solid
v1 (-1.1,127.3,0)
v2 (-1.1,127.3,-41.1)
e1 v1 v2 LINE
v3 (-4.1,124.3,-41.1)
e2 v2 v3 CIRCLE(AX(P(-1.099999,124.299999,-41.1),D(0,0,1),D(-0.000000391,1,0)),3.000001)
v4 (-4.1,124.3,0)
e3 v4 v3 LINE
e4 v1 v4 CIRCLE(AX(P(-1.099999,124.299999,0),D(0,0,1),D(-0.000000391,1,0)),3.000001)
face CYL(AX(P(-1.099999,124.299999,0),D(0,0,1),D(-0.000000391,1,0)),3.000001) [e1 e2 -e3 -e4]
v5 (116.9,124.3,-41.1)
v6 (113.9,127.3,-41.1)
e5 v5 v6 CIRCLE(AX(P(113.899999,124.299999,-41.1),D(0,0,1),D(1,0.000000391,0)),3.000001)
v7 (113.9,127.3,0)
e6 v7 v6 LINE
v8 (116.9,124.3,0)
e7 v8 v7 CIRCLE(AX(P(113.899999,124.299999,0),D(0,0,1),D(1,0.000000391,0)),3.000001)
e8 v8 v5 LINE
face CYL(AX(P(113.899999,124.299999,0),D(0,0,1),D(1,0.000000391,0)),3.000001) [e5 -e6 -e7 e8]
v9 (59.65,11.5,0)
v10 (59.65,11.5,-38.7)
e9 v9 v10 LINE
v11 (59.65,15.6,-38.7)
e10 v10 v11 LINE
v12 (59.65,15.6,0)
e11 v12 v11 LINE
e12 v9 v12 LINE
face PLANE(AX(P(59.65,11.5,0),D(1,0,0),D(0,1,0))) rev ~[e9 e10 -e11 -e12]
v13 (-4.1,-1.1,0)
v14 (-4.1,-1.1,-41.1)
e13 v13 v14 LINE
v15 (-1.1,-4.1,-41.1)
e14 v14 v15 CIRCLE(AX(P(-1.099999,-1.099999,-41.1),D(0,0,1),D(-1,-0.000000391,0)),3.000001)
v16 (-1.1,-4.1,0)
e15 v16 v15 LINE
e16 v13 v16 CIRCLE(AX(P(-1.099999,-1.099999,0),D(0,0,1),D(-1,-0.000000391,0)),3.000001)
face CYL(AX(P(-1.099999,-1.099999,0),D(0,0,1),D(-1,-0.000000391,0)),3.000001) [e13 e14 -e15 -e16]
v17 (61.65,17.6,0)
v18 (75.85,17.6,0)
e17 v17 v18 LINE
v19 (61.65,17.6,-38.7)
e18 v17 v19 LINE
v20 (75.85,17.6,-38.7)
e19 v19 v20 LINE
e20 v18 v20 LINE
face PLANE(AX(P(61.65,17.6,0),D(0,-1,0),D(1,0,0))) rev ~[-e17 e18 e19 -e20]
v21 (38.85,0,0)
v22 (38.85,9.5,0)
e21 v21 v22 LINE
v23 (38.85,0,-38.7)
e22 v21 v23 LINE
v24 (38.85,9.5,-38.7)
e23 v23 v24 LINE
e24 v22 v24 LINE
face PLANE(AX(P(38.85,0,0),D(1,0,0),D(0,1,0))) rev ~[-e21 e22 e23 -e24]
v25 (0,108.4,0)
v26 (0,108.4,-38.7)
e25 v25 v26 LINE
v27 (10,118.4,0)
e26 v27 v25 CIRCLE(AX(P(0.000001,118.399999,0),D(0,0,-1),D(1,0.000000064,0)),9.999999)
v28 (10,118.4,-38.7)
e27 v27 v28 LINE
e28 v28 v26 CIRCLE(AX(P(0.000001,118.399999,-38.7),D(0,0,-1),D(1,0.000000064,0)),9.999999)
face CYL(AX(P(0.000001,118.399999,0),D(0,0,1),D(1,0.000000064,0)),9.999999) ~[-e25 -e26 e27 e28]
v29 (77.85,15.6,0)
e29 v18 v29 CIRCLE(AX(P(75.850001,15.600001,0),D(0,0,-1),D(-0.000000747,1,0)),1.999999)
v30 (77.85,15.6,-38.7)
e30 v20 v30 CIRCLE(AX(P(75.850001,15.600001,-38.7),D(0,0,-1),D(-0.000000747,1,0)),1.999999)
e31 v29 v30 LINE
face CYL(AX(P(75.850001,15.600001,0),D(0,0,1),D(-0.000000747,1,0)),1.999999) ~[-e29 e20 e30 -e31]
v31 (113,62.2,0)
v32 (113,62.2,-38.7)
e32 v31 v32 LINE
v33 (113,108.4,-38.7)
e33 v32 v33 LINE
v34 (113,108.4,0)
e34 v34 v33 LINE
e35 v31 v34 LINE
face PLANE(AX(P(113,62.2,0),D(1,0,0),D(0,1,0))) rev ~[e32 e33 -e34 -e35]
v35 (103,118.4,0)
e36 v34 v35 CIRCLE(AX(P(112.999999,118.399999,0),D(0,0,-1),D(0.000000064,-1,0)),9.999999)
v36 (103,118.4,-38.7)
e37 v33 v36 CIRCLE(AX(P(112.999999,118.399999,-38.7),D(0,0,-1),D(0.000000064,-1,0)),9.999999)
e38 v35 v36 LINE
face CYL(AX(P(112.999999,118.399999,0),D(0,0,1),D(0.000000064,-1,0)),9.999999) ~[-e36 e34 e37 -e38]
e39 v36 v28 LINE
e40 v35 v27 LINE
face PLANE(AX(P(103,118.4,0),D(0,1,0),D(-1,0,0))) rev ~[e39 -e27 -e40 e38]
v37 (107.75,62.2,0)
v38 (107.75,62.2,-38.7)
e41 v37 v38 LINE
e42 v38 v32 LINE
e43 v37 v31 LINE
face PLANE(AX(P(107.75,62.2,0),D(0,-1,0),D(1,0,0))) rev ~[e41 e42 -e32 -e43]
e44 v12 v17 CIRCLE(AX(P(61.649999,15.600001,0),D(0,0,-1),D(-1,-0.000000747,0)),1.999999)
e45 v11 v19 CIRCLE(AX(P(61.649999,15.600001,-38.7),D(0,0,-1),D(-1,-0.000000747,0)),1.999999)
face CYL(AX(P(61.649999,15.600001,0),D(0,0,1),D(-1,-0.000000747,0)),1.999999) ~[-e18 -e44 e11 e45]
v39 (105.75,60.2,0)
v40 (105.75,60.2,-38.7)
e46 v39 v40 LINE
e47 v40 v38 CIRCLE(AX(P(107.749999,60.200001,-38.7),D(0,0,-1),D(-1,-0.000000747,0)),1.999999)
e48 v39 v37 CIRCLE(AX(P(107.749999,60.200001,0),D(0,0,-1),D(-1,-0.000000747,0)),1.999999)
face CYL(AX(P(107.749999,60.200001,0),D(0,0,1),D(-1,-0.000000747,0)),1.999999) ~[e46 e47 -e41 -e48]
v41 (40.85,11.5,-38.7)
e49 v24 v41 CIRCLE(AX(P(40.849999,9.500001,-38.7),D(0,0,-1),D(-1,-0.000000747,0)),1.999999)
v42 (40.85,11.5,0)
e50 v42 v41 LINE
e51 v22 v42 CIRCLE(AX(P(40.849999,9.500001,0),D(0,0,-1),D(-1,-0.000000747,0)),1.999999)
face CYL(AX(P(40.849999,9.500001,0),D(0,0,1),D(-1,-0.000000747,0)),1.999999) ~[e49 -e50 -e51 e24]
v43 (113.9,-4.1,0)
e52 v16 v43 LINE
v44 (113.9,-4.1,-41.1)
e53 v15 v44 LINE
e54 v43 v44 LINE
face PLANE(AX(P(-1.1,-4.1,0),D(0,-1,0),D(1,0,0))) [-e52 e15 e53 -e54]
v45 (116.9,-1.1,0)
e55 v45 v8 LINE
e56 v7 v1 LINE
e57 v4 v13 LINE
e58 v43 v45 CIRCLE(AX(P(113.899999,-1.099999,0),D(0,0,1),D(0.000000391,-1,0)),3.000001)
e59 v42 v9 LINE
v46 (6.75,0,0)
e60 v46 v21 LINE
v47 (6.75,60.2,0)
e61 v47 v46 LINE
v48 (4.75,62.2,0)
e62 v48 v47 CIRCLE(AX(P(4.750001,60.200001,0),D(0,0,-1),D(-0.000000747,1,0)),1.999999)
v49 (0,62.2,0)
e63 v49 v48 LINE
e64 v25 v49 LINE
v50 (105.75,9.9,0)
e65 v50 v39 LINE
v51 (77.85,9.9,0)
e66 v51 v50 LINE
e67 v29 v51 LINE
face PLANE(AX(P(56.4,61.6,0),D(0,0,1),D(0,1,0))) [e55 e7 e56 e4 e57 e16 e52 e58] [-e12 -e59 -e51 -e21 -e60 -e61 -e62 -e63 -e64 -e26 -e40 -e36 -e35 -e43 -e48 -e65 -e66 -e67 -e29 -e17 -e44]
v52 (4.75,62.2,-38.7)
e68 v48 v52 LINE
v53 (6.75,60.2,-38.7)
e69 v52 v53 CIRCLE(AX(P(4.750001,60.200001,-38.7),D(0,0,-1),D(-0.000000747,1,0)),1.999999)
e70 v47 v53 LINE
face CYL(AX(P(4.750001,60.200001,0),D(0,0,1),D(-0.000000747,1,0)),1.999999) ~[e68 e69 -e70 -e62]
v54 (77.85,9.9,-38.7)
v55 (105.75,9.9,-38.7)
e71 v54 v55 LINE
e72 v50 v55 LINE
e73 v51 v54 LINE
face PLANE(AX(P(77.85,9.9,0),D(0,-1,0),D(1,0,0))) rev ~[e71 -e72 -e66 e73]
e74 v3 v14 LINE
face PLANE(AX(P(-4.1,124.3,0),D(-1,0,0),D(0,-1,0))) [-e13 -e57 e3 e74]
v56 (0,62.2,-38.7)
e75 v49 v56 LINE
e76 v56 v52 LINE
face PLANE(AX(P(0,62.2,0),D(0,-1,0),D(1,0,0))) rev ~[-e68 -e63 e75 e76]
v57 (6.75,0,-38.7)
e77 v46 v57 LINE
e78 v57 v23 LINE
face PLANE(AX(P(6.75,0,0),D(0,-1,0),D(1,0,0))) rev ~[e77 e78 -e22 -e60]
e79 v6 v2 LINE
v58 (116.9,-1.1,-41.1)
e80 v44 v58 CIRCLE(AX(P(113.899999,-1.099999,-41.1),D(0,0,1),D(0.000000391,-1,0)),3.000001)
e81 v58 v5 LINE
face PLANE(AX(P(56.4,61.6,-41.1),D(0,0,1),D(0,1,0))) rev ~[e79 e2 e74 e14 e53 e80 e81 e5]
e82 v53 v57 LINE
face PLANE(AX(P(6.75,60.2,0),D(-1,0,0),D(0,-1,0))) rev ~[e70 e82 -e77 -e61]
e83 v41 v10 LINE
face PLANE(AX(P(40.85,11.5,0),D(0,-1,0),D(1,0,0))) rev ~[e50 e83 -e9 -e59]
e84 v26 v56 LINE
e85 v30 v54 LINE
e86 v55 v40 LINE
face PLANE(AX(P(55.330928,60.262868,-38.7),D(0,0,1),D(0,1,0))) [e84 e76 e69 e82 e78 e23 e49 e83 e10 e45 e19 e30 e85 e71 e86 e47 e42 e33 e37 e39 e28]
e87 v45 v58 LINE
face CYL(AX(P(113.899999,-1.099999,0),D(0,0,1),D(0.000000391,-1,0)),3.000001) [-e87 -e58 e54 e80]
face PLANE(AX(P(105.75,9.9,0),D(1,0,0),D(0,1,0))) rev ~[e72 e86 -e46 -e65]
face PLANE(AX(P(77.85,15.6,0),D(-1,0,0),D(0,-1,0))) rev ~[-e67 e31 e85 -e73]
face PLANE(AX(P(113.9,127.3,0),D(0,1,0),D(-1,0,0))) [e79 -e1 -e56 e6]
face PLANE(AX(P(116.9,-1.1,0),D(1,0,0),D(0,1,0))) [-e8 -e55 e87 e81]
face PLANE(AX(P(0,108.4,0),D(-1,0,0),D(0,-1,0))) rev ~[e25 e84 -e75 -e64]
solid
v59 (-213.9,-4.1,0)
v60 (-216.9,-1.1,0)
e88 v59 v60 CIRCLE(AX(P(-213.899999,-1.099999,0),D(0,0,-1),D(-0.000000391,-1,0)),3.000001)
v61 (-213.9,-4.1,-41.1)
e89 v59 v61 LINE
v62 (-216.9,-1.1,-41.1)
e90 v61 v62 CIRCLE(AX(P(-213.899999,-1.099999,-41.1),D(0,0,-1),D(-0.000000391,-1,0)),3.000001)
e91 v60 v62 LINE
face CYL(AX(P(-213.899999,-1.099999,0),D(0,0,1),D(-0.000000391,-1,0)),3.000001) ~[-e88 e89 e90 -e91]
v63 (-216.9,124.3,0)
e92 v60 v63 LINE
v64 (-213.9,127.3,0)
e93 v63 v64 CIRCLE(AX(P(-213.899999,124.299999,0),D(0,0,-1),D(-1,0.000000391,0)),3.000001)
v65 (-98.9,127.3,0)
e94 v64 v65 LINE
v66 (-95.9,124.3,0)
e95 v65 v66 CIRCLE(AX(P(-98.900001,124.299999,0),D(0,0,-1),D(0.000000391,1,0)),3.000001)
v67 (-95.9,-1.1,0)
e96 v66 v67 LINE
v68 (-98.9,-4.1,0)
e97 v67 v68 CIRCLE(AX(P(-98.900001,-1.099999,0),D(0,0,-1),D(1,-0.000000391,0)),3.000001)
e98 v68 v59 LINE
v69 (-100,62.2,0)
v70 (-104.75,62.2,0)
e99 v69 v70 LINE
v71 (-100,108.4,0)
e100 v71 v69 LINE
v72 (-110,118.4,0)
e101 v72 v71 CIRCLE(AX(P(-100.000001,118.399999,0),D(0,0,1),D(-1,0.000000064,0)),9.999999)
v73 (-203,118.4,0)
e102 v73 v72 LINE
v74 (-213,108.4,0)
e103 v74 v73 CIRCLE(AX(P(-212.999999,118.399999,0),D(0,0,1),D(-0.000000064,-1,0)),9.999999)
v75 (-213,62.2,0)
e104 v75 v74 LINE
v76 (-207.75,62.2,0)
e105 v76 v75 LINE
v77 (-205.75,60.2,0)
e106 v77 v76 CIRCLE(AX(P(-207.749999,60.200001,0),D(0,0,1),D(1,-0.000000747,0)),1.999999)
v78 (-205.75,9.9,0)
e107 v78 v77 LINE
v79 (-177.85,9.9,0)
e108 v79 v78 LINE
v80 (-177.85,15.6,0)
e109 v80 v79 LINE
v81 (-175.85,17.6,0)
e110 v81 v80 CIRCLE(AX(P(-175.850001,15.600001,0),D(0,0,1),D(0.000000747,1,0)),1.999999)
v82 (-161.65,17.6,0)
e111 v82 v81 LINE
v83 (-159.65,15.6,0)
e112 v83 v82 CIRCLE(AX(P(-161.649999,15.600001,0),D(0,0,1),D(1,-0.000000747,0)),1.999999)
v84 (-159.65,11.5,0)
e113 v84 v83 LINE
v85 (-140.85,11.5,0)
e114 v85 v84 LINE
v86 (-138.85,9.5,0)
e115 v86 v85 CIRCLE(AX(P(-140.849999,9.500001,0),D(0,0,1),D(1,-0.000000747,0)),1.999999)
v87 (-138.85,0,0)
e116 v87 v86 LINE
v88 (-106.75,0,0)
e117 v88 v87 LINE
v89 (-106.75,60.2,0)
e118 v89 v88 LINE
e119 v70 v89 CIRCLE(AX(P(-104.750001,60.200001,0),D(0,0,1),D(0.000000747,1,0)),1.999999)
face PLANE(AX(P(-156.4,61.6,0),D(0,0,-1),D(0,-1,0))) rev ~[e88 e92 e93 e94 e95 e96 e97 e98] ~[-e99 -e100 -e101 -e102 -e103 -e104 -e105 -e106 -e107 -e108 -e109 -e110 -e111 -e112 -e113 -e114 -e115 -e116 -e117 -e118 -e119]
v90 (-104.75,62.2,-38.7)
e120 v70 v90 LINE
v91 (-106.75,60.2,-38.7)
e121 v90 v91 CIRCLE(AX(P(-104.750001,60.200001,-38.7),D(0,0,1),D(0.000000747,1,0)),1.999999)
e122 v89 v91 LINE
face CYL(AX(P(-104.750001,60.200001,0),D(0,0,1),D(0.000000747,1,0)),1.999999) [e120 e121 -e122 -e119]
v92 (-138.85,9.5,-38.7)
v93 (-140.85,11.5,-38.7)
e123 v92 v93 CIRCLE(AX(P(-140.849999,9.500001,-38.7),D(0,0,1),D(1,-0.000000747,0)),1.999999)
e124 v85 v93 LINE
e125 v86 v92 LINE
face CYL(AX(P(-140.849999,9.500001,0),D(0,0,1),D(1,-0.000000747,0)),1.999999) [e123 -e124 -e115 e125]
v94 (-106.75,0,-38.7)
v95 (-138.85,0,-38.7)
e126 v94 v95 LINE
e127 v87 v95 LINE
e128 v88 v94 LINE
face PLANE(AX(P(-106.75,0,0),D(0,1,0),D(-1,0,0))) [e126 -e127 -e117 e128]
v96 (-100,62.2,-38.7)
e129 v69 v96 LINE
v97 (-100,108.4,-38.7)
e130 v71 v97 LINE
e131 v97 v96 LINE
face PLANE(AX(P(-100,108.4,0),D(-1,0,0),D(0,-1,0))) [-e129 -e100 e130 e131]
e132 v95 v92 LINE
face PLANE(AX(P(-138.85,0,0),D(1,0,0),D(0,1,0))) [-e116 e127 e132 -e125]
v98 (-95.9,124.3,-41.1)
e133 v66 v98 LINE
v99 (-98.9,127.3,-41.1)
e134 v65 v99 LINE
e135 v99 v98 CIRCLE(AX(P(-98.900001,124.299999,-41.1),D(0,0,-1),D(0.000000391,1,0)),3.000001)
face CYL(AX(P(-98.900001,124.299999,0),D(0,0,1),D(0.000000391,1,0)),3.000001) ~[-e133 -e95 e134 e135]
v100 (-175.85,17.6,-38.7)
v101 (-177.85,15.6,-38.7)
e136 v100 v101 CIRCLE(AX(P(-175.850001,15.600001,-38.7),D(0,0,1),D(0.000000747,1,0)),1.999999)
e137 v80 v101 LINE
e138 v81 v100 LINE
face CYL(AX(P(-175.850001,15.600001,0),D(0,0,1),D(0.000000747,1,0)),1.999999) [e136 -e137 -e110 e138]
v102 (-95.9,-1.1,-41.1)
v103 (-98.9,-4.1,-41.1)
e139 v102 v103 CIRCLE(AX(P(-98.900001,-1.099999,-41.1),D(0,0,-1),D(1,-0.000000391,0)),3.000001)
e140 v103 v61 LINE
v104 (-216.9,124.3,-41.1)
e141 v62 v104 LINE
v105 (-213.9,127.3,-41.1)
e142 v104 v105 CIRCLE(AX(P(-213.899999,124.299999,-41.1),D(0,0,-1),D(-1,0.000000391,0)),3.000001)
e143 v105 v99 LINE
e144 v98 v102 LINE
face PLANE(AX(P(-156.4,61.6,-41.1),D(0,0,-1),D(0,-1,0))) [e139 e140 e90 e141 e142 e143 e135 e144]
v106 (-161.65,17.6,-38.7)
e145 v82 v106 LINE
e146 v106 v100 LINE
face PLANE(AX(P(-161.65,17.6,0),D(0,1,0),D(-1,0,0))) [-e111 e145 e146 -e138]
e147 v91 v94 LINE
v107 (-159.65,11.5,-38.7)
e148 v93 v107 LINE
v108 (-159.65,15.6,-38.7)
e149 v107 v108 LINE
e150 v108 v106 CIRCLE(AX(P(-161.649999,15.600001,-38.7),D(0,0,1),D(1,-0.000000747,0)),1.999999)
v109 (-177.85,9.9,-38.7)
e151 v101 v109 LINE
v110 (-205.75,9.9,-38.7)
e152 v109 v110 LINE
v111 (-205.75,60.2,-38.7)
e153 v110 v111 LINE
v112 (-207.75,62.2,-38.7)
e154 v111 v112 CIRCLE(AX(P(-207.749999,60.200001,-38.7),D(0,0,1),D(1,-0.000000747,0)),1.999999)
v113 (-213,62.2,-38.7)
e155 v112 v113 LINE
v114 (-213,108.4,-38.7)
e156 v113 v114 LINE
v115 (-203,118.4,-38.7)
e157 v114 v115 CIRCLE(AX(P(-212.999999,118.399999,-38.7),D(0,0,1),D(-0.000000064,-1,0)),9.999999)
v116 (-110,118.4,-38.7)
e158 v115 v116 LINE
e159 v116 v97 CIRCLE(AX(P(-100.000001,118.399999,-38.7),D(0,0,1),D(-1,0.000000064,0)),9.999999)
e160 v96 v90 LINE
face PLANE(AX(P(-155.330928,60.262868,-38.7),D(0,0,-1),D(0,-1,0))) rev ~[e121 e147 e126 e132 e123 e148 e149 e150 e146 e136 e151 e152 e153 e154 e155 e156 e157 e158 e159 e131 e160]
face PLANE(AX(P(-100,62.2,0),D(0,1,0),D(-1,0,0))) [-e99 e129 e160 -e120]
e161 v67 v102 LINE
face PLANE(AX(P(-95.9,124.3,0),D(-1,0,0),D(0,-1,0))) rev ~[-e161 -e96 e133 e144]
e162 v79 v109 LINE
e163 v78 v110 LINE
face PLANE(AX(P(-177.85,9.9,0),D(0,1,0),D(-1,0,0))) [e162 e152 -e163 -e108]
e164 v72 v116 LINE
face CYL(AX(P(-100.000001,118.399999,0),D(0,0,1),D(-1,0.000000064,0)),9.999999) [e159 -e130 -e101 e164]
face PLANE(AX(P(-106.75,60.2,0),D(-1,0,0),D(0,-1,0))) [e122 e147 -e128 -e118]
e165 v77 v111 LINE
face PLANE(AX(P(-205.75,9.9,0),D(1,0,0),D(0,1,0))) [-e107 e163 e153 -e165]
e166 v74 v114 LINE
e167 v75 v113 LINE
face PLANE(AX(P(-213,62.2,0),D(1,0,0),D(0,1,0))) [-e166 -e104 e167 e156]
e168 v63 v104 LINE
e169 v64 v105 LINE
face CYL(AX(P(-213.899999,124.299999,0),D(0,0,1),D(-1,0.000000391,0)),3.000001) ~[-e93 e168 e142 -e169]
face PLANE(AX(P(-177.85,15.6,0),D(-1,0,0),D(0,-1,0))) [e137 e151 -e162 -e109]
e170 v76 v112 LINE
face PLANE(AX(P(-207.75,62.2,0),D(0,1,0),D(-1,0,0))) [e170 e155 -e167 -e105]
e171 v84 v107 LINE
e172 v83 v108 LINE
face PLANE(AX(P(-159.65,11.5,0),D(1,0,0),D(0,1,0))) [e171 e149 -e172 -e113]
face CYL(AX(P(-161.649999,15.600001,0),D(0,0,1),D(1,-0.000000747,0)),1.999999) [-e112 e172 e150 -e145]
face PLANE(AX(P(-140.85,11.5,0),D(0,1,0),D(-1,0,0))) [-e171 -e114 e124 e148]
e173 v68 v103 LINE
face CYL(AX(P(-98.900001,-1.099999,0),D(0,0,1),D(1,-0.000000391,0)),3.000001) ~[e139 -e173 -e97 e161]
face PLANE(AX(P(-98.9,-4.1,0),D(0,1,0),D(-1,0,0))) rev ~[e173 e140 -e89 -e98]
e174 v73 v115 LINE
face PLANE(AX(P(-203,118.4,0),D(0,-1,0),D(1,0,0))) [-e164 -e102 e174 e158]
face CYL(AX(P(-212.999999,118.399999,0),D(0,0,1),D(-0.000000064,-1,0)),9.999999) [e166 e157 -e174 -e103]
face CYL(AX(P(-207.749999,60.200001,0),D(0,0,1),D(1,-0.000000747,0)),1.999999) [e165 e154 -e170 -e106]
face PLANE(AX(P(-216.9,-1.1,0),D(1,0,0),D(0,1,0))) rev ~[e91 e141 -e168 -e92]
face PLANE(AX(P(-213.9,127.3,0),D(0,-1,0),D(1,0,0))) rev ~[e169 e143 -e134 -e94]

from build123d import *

# Parameters (mm, degrees)
PAD_DEPTH       = 41.1
POCKET_DEPTH    = 38.7
PAD001_DEPTH    = 41.1
POCKET001_DEPTH = 38.7


with BuildPart() as right_part:
    # Binder → Pad (new body)
    with BuildSketch(Plane(origin=(56.4, 61.6, 0), x_dir=(0, 1, 0), z_dir=(0, 0, 1))):
        with BuildLine():
            Line((62.7, 60.5), (-62.7, 60.5))
            ThreePointArc((-62.7, 60.5), (-64.82132, 59.62132), (-65.7, 57.5))
            Line((-65.7, 57.5), (-65.7, -57.5))
            ThreePointArc((-65.7, -57.5), (-64.82132, -59.62132), (-62.7, -60.5))
            Line((-62.7, -60.5), (62.7, -60.5))
            ThreePointArc((62.7, -60.5), (64.82132, -59.62132), (65.7, -57.5))
            Line((65.7, -57.5), (65.7, 57.5))
            ThreePointArc((65.7, 57.5), (64.82132, 59.62132), (62.7, 60.5))
        make_face()
    extrude(amount=-PAD_DEPTH)

    # Binder001 → Pocket (cut)
    with BuildSketch(Plane(origin=(56.5, 59.2, 0), x_dir=(0, 1, 0), z_dir=(0, 0, 1))):
        with BuildLine():
            Line((49.2, 56.5), (3, 56.5))
            Line((3, 56.5), (3, 51.75))
            ThreePointArc((3, 51.75), (2.414214, 50.335786), (1, 49.75))
            Line((1, 49.75), (-59.2, 49.75))
            Line((-59.2, 49.75), (-59.2, 17.65))
            Line((-59.2, 17.65), (-49.7, 17.65))
            ThreePointArc((-49.7, 17.65), (-48.285786, 17.064214), (-47.7, 15.65))
            Line((-47.7, 15.65), (-47.7, -3.15))
            Line((-47.7, -3.15), (-43.6, -3.15))
            ThreePointArc((-43.6, -3.15), (-42.185786, -3.735786), (-41.6, -5.15))
            Line((-41.6, -5.15), (-41.6, -19.35))
            ThreePointArc((-41.6, -19.35), (-42.185786, -20.764214), (-43.6, -21.35))
            Line((-43.6, -21.35), (-49.3, -21.35))
            Line((-49.3, -21.35), (-49.3, -49.25))
            Line((-49.3, -49.25), (1, -49.25))
            ThreePointArc((1, -49.25), (2.414214, -49.835786), (3, -51.25))
            Line((3, -51.25), (3, -56.5))
            Line((3, -56.5), (49.2, -56.5))
            ThreePointArc((49.2, -56.5), (52.128932, -49.428932), (59.2, -46.5))
            Line((59.2, -46.5), (59.2, 46.5))
            ThreePointArc((59.2, 46.5), (52.128932, 49.428932), (49.2, 56.5))
        make_face()
    extrude(amount=-POCKET_DEPTH, mode=Mode.SUBTRACT)


with BuildPart() as left_part:
    # Binder002 → Pad001 (new body)
    with BuildSketch(Plane(origin=(-156.4, 61.6, 0), x_dir=(0, 1, 0), z_dir=(0, 0, 1))):
        with BuildLine():
            Line((62.7, -60.5), (-62.7, -60.5))
            ThreePointArc((-62.7, -60.5), (-64.82132, -59.62132), (-65.7, -57.5))
            Line((-65.7, -57.5), (-65.7, 57.5))
            ThreePointArc((-65.7, 57.5), (-64.82132, 59.62132), (-62.7, 60.5))
            Line((-62.7, 60.5), (62.7, 60.5))
            ThreePointArc((62.7, 60.5), (64.82132, 59.62132), (65.7, 57.5))
            Line((65.7, 57.5), (65.7, -57.5))
            ThreePointArc((65.7, -57.5), (64.82132, -59.62132), (62.7, -60.5))
        make_face()
    extrude(amount=-PAD001_DEPTH)

    # Binder003 → Pocket001 (cut)
    with BuildSketch(Plane(origin=(-156.5, 59.2, 0), x_dir=(0, 1, 0), z_dir=(0, 0, 1))):
        with BuildLine():
            Line((49.2, -56.5), (3, -56.5))
            Line((3, -56.5), (3, -51.75))
            ThreePointArc((3, -51.75), (2.414214, -50.335786), (1, -49.75))
            Line((1, -49.75), (-59.2, -49.75))
            Line((-59.2, -49.75), (-59.2, -17.65))
            Line((-59.2, -17.65), (-49.7, -17.65))
            ThreePointArc((-49.7, -17.65), (-48.285786, -17.064214), (-47.7, -15.65))
            Line((-47.7, -15.65), (-47.7, 3.15))
            Line((-47.7, 3.15), (-43.6, 3.15))
            ThreePointArc((-43.6, 3.15), (-42.185786, 3.735786), (-41.6, 5.15))
            Line((-41.6, 5.15), (-41.6, 19.35))
            ThreePointArc((-41.6, 19.35), (-42.185786, 20.764214), (-43.6, 21.35))
            Line((-43.6, 21.35), (-49.3, 21.35))
            Line((-49.3, 21.35), (-49.3, 49.25))
            Line((-49.3, 49.25), (1, 49.25))
            ThreePointArc((1, 49.25), (2.414214, 49.835786), (3, 51.25))
            Line((3, 51.25), (3, 56.5))
            Line((3, 56.5), (49.2, 56.5))
            ThreePointArc((49.2, 56.5), (52.128932, 49.428932), (59.2, 46.5))
            Line((59.2, 46.5), (59.2, -46.5))
            ThreePointArc((59.2, -46.5), (52.128932, -49.428932), (49.2, -56.5))
        make_face()
    extrude(amount=-POCKET001_DEPTH, mode=Mode.SUBTRACT)


solid = Compound([right_part.part, left_part.part])
